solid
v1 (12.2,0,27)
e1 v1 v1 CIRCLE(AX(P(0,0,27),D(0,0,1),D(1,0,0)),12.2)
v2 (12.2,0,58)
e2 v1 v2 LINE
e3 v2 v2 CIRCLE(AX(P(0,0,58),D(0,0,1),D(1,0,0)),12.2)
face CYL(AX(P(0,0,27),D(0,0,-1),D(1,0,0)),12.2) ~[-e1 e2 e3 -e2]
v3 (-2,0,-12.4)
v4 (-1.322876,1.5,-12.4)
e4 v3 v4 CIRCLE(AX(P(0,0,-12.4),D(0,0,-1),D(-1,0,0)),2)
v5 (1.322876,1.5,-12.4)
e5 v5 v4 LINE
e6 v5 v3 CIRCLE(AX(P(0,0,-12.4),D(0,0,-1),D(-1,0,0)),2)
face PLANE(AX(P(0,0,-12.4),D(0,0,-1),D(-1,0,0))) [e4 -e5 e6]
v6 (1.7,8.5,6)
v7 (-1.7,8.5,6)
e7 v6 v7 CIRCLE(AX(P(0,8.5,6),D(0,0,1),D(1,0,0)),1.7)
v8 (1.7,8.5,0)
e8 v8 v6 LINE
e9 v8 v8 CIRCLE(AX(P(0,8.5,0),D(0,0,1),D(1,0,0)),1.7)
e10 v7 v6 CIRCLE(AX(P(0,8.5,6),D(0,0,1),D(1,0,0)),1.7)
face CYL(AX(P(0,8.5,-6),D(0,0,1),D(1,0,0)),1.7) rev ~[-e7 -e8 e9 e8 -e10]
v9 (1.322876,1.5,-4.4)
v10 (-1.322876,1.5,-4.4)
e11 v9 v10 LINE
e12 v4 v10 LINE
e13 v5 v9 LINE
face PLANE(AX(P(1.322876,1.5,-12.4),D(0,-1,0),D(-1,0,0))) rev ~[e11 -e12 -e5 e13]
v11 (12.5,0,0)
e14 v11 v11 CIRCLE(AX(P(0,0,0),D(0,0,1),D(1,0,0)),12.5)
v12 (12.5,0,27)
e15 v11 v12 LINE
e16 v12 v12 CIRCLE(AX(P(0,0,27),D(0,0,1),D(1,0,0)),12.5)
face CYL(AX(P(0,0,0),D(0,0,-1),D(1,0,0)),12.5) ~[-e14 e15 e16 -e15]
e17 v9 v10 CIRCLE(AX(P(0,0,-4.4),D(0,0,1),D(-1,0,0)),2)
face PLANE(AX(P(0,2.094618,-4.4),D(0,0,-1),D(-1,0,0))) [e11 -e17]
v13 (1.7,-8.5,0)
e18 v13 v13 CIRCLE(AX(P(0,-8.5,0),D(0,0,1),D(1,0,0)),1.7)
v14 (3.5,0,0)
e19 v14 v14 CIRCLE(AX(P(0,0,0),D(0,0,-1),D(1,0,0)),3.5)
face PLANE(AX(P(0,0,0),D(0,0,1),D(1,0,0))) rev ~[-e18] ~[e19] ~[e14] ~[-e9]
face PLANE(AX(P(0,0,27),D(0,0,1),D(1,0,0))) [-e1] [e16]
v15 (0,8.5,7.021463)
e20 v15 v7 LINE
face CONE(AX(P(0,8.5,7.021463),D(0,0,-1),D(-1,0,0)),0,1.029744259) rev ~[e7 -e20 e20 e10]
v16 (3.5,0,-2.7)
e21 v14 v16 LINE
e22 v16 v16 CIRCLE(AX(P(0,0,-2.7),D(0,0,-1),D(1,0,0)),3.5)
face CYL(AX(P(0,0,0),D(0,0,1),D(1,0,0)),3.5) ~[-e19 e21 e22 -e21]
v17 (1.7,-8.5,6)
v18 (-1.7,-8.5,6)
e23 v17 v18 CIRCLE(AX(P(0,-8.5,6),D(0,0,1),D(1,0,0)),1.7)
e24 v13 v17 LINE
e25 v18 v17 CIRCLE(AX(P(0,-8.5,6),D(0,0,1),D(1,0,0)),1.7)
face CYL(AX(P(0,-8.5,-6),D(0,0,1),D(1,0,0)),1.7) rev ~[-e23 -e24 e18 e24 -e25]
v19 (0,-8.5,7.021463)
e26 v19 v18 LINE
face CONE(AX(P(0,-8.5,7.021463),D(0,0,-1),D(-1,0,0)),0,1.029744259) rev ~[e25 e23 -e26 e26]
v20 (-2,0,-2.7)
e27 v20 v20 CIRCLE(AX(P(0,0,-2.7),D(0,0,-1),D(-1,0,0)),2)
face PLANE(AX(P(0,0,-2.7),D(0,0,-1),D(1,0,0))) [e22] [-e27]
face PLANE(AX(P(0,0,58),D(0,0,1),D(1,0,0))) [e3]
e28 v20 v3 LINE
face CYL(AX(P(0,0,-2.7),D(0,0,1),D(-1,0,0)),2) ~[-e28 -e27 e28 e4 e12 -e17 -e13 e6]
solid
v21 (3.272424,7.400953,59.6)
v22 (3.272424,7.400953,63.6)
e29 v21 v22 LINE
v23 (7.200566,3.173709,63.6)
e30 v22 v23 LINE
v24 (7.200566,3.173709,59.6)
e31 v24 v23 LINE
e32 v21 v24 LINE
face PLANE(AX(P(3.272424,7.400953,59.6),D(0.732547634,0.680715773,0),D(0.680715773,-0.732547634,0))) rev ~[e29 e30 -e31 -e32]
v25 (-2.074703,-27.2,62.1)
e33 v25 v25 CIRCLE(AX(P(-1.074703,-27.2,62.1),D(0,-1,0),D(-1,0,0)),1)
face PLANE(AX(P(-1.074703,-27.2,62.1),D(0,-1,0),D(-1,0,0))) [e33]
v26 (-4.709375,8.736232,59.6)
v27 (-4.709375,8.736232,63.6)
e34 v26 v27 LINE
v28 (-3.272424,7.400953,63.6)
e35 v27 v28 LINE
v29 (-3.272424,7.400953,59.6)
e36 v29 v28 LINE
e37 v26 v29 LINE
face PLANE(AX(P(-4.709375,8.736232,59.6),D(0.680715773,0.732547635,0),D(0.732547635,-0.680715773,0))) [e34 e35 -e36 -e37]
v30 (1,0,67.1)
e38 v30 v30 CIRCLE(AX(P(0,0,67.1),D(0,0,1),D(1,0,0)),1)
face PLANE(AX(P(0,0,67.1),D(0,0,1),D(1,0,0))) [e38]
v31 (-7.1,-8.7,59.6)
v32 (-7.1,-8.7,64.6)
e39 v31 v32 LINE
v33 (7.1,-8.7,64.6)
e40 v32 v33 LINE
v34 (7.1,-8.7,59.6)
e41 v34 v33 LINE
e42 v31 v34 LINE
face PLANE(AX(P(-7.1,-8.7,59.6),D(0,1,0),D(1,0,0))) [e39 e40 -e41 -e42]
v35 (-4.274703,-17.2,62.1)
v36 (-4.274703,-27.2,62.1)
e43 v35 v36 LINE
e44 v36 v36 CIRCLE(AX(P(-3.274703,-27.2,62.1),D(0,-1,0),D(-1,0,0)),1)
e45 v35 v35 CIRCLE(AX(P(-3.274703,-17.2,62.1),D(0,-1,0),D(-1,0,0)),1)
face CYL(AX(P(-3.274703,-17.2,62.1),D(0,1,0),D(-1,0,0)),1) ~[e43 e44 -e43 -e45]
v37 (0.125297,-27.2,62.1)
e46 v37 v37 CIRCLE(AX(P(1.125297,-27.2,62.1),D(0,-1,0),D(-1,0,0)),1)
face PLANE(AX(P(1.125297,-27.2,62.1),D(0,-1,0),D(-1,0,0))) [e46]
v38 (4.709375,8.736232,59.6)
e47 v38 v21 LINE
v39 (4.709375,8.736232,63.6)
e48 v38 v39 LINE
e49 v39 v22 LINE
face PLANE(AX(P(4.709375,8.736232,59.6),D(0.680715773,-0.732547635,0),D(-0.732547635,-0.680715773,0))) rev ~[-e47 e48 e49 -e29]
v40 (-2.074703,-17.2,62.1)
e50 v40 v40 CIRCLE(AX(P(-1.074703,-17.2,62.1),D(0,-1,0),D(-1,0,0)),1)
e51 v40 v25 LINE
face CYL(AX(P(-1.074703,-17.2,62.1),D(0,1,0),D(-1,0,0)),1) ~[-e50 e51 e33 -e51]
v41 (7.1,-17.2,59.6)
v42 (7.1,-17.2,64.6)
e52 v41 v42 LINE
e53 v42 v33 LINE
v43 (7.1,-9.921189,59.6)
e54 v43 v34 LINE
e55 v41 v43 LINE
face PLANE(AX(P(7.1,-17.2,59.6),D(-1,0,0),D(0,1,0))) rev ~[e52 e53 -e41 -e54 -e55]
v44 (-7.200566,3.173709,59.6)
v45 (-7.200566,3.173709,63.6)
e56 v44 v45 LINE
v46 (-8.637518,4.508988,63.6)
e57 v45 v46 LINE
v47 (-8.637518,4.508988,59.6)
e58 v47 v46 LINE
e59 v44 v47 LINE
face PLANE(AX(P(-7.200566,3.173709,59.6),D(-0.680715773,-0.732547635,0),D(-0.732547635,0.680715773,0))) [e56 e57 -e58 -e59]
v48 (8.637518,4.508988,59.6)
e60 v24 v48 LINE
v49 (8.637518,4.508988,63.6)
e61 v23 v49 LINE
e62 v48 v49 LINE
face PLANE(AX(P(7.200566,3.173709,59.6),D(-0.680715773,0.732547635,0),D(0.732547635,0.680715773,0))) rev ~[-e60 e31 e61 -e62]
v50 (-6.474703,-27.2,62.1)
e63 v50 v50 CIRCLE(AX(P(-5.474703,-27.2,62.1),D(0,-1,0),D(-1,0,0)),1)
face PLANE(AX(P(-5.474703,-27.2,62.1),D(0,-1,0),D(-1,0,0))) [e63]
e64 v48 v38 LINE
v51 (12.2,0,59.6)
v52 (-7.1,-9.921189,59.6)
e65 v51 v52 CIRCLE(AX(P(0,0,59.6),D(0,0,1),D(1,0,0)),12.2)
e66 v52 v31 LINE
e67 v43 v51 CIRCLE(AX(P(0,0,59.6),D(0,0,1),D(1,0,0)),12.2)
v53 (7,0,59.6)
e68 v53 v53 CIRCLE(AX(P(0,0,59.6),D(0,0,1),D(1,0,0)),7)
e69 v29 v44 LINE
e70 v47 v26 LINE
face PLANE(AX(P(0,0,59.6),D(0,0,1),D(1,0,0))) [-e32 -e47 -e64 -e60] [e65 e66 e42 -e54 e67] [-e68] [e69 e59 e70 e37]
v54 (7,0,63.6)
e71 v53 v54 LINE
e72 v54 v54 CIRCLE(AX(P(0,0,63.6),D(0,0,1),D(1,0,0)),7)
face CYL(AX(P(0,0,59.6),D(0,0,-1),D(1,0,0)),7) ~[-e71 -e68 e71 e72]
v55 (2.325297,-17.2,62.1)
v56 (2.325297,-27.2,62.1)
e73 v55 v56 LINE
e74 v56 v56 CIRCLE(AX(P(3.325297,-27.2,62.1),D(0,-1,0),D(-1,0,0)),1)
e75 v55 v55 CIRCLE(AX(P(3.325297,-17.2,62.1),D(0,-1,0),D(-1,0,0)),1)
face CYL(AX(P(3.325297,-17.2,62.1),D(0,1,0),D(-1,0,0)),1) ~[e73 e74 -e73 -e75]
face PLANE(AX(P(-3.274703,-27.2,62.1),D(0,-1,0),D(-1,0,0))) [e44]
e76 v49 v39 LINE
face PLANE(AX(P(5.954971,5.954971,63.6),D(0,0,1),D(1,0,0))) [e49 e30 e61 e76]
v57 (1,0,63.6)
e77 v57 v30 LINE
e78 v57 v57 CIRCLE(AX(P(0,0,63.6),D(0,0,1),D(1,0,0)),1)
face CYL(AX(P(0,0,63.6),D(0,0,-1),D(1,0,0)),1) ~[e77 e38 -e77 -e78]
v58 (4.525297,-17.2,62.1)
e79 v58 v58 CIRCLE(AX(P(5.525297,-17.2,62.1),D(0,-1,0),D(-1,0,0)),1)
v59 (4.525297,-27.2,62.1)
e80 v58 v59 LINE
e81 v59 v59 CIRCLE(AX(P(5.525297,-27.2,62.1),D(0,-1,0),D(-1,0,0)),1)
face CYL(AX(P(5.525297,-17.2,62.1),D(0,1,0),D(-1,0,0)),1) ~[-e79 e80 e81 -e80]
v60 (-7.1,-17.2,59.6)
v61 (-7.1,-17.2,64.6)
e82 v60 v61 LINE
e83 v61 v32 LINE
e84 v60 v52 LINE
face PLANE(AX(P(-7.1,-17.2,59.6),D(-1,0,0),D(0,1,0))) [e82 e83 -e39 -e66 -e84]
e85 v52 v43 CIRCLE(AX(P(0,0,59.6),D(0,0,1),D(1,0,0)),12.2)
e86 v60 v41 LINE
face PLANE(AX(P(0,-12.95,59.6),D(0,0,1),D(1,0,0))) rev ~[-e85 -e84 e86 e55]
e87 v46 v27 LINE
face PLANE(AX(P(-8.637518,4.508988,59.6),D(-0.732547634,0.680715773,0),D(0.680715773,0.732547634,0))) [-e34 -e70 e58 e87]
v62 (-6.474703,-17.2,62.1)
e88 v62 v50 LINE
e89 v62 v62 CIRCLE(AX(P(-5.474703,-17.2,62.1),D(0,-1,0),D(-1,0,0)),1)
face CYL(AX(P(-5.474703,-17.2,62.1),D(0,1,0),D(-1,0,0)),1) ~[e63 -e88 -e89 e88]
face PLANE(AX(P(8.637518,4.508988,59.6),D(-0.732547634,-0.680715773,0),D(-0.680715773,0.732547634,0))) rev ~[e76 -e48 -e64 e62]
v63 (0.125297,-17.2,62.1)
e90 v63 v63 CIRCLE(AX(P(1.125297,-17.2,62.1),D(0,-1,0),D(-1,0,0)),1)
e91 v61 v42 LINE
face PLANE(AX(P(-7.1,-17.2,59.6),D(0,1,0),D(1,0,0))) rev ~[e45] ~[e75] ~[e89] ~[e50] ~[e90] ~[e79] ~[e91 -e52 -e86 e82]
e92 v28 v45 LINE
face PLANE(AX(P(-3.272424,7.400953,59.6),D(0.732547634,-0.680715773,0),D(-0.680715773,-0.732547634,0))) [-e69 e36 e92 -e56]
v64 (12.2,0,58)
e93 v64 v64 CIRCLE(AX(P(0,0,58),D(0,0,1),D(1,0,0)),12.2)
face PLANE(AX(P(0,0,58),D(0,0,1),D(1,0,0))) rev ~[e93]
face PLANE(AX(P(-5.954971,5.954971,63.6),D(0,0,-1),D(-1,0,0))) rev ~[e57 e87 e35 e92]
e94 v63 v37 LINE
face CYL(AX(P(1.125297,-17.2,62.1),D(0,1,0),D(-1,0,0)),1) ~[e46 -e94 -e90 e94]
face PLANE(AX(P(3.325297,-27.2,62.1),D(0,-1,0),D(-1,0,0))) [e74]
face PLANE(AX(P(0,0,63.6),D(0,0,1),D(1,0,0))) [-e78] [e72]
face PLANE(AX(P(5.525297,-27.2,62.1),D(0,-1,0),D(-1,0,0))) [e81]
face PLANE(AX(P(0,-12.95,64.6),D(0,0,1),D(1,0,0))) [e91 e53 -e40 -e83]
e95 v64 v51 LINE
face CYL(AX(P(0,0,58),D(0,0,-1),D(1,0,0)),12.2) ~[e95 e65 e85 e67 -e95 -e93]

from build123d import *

# Parameters (mm, degrees)
ESQUISSE1_R             = 12.5
BOSS_EXTRU_1_DEPTH      = 27
ESQUISSE5_R             = 3.5
BOSS_EXTRU_5_DEPTH      = 2.7
ESQUISSE6_R             = 2
BOSS_EXTRU_6_DEPTH      = 9.7
ESQUISSE7_W             = 2.645751312
ESQUISSE7_H             = 1.189235155
ENL_V_MAT_EXTRU_1_DEPTH = 8
D_GAGEMENT_M31_D        = 3.4
D_GAGEMENT_M31_DEPTH    = 6
D_GAGEMENT_M31_TIP      = 1.021463052
ESQUISSE2_R             = 12.2
BOSS_EXTRU_2_DEPTH      = 31
ESQUISSE3_R             = 12.2
BOSS_EXTRU_3_DEPTH      = 1.6
ESQUISSE4_R             = 7
BOSS_EXTRU_4_DEPTH      = 4
ESQUISSE14_R            = 1
BOSS_EXTRU_10_DEPTH     = 3.5
BOSS_EXTRU_8_DEPTH      = 4
ESQUISSE11_W            = 14.2
ESQUISSE11_H            = 8.5
BOSS_EXTRU_7_DEPTH      = 5
ESQUISSE13_R            = 1
BOSS_EXTRU_9_DEPTH      = 10


with BuildPart() as part:
    # Esquisse1 → Boss.-Extru.1 (new body)
    with BuildSketch(Plane.XY):
        Circle(ESQUISSE1_R)
    extrude(amount=BOSS_EXTRU_1_DEPTH)

    # Esquisse5 → Boss.-Extru.5 (add)
    with BuildSketch(Plane(origin=(0, 0, 0), x_dir=(-1, 0, 0), z_dir=(0, 0, -1))):
        with Locations(Location((0, 0, 0), (0, 0, 180))):
            Circle(ESQUISSE5_R)
    extrude(amount=BOSS_EXTRU_5_DEPTH)

    # Esquisse6 → Boss.-Extru.6 (add)
    with BuildSketch(Plane(origin=(0, 0, -2.7), x_dir=(-1, 0, 0), z_dir=(0, 0, -1))):
        Circle(ESQUISSE6_R)
    extrude(amount=BOSS_EXTRU_6_DEPTH)

    # Esquisse7 → Enlèv. mat.-Extru.1 (cut)
    with BuildSketch(Plane(origin=(0, 0, -12.4), x_dir=(-1, 0, 0), z_dir=(0, 0, -1))):
        with Locations((0, 2.094617578)):
            Rectangle(ESQUISSE7_W, ESQUISSE7_H)
    extrude(amount=-ENL_V_MAT_EXTRU_1_DEPTH, mode=Mode.SUBTRACT)

    # Dégagement M31
    with Locations(Plane(origin=(0, 0, 0), x_dir=(-1, 0, 0), z_dir=(0, 0, -1))):
        with Locations((0, 8.5), (0, -8.5)):
            Hole(D_GAGEMENT_M31_D / 2, depth=D_GAGEMENT_M31_DEPTH)
            with Locations((0, 0, -(D_GAGEMENT_M31_DEPTH + D_GAGEMENT_M31_TIP / 2))):  # 118° drill point
                Cone(0, D_GAGEMENT_M31_D / 2, D_GAGEMENT_M31_TIP, mode=Mode.SUBTRACT)

    # Esquisse2 → Boss.-Extru.2 (add)
    with BuildSketch(Plane.XY.offset(27)):
        Circle(ESQUISSE2_R)
    extrude(amount=BOSS_EXTRU_2_DEPTH)


with BuildPart() as body_2:
    # Esquisse3 → Boss.-Extru.3 (new body)
    with BuildSketch(Plane.XY.offset(58)):
        Circle(ESQUISSE3_R)
    extrude(amount=BOSS_EXTRU_3_DEPTH)

    # Esquisse4 → Boss.-Extru.4 (add)
    with BuildSketch(Plane.XY.offset(59.6)):
        Circle(ESQUISSE4_R)
    extrude(amount=BOSS_EXTRU_4_DEPTH)

    # Esquisse14 → Boss.-Extru.10 (add)
    with BuildSketch(Plane.XY.offset(63.6)):
        Circle(ESQUISSE14_R)
    extrude(amount=BOSS_EXTRU_10_DEPTH)

    # Esquisse12 → Boss.-Extru.8 (add)
    with BuildSketch(Plane.XY.offset(59.6)):
        Polygon((-8.637517892, 4.508988416), (-4.70937524, 8.736232329), (-3.272423838, 7.400953314), (-7.20056649, 3.173709401), align=None)
        Polygon((7.20056649, 3.173709401), (8.637517892, 4.508988416), (4.70937524, 8.736232329), (3.272423838, 7.400953314), align=None)
    extrude(amount=BOSS_EXTRU_8_DEPTH)

    # Esquisse11 → Boss.-Extru.7 (add)
    with BuildSketch(Plane.XY.offset(59.6)):
        with Locations((0, -12.95)):
            Rectangle(ESQUISSE11_W, ESQUISSE11_H)
    extrude(amount=BOSS_EXTRU_7_DEPTH)

    # Esquisse13 → Boss.-Extru.9 (add)
    with BuildSketch(Plane.XZ.offset(17.2)):
        with Locations(Location((-5.474703178, 62.1, 0), (0, 0, 180))):
            Circle(ESQUISSE13_R)
        with Locations(Location((-3.274703178, 62.1, 0), (0, 0, 180))):
            Circle(ESQUISSE13_R)
        with Locations(Location((-1.074703178, 62.1, 0), (0, 0, 180))):
            Circle(ESQUISSE13_R)
        with Locations(Location((1.125296822, 62.1, 0), (0, 0, 180))):
            Circle(ESQUISSE13_R)
        with Locations(Location((3.325296822, 62.1, 0), (0, 0, 180))):
            Circle(ESQUISSE13_R)
        with Locations(Location((5.525296822, 62.1, 0), (0, 0, 180))):
            Circle(ESQUISSE13_R)
    extrude(amount=BOSS_EXTRU_9_DEPTH)


solid = Compound([part.part, body_2.part])
